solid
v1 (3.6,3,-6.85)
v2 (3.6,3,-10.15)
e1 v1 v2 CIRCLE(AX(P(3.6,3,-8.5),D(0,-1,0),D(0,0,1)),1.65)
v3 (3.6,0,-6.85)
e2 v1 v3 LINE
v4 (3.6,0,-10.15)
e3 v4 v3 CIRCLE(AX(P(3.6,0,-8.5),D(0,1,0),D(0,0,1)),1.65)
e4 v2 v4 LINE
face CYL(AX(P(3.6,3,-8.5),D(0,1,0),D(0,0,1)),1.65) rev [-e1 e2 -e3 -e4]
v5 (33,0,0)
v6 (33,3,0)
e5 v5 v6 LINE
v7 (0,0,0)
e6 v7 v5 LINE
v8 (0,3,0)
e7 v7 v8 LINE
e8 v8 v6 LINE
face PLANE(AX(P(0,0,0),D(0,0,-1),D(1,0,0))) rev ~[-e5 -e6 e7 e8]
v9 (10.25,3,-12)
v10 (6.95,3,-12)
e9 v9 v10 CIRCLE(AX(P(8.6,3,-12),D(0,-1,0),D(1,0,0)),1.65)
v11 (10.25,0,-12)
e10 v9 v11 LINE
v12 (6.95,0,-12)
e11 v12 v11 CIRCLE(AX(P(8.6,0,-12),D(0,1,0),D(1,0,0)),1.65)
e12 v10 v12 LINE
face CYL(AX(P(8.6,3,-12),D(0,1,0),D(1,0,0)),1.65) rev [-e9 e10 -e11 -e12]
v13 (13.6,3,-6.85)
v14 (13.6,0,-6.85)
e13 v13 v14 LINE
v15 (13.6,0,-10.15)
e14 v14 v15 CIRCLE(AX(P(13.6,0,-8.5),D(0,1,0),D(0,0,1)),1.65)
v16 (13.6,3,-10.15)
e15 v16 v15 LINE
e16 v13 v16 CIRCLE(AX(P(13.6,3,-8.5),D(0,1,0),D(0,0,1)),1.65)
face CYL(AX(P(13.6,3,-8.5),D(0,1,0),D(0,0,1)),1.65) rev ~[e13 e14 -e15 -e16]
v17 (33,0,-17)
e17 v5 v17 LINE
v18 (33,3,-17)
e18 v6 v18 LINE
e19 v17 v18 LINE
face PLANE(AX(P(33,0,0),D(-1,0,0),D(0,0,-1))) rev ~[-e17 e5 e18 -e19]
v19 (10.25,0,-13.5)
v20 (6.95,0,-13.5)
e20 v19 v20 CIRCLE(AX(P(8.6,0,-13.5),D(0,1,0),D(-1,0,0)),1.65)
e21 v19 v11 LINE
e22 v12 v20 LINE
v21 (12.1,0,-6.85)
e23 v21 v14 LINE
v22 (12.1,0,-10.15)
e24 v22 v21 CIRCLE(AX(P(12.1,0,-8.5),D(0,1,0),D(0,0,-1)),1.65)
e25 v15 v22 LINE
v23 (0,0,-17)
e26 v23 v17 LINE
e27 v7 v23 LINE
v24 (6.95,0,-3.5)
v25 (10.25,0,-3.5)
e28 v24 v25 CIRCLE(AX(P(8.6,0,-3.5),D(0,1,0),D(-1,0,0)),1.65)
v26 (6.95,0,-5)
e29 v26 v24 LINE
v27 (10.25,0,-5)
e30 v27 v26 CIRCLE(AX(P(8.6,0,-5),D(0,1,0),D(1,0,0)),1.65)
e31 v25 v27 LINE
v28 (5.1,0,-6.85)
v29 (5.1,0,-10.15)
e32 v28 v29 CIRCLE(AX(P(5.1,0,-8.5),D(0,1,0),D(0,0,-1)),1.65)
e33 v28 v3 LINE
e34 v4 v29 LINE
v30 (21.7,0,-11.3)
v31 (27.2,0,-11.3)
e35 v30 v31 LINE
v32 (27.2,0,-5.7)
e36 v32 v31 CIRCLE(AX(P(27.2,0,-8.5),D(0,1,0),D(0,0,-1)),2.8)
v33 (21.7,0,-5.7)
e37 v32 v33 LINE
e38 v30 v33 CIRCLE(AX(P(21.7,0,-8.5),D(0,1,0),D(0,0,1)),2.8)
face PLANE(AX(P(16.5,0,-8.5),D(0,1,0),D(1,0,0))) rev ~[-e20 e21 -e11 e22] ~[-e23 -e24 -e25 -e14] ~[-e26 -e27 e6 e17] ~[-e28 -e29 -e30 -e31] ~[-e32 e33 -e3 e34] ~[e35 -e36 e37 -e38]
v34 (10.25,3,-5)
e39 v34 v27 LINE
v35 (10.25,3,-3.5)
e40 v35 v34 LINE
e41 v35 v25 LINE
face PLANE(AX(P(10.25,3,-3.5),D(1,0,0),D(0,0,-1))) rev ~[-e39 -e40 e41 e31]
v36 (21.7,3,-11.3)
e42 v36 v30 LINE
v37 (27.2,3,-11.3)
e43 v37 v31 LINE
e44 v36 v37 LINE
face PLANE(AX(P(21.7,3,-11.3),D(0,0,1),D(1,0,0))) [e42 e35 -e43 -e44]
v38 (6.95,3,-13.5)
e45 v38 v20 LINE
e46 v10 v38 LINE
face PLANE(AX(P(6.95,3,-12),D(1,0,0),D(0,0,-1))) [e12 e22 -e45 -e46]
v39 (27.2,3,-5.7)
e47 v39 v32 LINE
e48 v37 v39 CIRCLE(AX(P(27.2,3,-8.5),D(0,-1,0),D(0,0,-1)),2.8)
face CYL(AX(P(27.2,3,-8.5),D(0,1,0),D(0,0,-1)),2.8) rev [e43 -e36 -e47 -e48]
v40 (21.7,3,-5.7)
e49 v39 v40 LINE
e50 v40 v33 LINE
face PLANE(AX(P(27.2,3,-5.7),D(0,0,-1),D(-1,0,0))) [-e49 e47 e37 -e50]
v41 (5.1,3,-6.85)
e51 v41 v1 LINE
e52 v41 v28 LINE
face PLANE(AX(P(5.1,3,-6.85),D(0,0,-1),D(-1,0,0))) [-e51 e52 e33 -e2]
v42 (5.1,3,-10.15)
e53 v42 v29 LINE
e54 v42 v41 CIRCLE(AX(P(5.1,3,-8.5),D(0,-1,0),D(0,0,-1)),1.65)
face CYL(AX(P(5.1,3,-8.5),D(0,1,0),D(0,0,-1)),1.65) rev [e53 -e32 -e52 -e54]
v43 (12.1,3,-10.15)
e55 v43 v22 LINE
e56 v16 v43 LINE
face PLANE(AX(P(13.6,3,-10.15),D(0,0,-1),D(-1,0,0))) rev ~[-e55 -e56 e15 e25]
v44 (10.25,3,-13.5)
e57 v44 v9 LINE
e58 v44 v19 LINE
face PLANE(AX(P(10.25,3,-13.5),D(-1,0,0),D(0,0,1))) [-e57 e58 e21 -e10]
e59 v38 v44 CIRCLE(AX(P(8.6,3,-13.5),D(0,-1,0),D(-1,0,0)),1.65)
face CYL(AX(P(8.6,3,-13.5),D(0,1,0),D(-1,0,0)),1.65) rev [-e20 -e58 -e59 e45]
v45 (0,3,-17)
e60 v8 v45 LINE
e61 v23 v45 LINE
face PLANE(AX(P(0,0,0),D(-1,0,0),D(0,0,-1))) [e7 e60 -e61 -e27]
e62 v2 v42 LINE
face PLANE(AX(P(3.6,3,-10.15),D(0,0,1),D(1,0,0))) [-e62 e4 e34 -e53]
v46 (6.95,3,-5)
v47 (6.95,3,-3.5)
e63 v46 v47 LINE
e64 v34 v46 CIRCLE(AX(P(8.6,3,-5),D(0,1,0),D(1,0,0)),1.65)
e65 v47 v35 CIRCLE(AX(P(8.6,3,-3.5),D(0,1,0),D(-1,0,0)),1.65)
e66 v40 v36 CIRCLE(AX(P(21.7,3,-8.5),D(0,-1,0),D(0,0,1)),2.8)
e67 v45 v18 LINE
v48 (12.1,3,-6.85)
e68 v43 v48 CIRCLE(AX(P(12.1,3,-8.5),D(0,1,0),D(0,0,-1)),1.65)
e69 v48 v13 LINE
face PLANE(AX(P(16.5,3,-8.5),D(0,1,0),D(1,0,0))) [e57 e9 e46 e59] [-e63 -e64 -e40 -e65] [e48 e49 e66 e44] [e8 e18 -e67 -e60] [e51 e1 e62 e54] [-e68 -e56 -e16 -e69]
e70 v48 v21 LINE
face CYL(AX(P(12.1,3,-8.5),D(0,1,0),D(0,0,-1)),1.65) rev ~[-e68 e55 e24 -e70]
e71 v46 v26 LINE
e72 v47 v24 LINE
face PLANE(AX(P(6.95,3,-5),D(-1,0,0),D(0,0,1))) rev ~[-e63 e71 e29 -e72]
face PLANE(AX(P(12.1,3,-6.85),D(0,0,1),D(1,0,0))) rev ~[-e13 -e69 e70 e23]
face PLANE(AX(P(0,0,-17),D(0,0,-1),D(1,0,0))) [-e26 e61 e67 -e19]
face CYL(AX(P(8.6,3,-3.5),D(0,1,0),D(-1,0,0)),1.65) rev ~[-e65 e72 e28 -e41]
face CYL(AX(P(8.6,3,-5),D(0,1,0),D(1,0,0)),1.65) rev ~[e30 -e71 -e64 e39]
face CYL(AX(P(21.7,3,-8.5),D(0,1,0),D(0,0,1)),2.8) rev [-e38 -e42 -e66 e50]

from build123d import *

# Parameters (mm, degrees)
SKETCH1_W           = 33
SKETCH1_H           = 17
BOSS_EXTRUDE1_DEPTH = 3
CUT_EXTRUDE1_DEPTH  = 4


with BuildPart() as part:
    # Sketch1 → Boss-Extrude1 (new body)
    with BuildSketch(Plane(origin=(0, 0, 0), x_dir=(1, 0, 0), z_dir=(0, 1, 0))):
        with Locations((16.5, 8.5)):
            Rectangle(SKETCH1_W, SKETCH1_H)
    extrude(amount=BOSS_EXTRUDE1_DEPTH)

    # Sketch2 → Cut-Extrude1 (cut, through all)
    with BuildSketch(Plane(origin=(0, 3, 0), x_dir=(1, 0, 0), z_dir=(0, 1, 0))):
        with BuildLine():
            Line((21.7, 11.3), (27.2, 11.3))
            ThreePointArc((27.2, 11.3), (30, 8.5), (27.2, 5.7))
            Line((27.2, 5.7), (21.7, 5.7))
            ThreePointArc((21.7, 5.7), (18.9, 8.5), (21.7, 11.3))
        make_face()
        with BuildLine():
            Line((6.95, 12), (6.95, 13.5))
            ThreePointArc((6.95, 13.5), (8.6, 15.15), (10.25, 13.5))
            Line((10.25, 13.5), (10.25, 12))
            ThreePointArc((10.25, 12), (8.6, 10.35), (6.95, 12))
        make_face()
        with BuildLine():
            Line((3.6, 10.15), (5.1, 10.15))
            ThreePointArc((5.1, 10.15), (6.75, 8.5), (5.1, 6.85))
            Line((5.1, 6.85), (3.6, 6.85))
            ThreePointArc((3.6, 6.85), (1.95, 8.5), (3.6, 10.15))
        make_face()
        with BuildLine():
            Line((13.6, 10.15), (12.1, 10.15))
            ThreePointArc((12.1, 10.15), (10.45, 8.5), (12.1, 6.85))
            Line((12.1, 6.85), (13.6, 6.85))
            ThreePointArc((13.6, 6.85), (15.25, 8.5), (13.6, 10.15))
        make_face()
        with BuildLine():
            Line((6.95, 5), (6.95, 3.5))
            ThreePointArc((6.95, 3.5), (8.6, 1.85), (10.25, 3.5))
            Line((10.25, 3.5), (10.25, 5))
            ThreePointArc((10.25, 5), (8.6, 6.65), (6.95, 5))
        make_face()
    extrude(amount=-CUT_EXTRUDE1_DEPTH, mode=Mode.SUBTRACT)


solid = part.part
